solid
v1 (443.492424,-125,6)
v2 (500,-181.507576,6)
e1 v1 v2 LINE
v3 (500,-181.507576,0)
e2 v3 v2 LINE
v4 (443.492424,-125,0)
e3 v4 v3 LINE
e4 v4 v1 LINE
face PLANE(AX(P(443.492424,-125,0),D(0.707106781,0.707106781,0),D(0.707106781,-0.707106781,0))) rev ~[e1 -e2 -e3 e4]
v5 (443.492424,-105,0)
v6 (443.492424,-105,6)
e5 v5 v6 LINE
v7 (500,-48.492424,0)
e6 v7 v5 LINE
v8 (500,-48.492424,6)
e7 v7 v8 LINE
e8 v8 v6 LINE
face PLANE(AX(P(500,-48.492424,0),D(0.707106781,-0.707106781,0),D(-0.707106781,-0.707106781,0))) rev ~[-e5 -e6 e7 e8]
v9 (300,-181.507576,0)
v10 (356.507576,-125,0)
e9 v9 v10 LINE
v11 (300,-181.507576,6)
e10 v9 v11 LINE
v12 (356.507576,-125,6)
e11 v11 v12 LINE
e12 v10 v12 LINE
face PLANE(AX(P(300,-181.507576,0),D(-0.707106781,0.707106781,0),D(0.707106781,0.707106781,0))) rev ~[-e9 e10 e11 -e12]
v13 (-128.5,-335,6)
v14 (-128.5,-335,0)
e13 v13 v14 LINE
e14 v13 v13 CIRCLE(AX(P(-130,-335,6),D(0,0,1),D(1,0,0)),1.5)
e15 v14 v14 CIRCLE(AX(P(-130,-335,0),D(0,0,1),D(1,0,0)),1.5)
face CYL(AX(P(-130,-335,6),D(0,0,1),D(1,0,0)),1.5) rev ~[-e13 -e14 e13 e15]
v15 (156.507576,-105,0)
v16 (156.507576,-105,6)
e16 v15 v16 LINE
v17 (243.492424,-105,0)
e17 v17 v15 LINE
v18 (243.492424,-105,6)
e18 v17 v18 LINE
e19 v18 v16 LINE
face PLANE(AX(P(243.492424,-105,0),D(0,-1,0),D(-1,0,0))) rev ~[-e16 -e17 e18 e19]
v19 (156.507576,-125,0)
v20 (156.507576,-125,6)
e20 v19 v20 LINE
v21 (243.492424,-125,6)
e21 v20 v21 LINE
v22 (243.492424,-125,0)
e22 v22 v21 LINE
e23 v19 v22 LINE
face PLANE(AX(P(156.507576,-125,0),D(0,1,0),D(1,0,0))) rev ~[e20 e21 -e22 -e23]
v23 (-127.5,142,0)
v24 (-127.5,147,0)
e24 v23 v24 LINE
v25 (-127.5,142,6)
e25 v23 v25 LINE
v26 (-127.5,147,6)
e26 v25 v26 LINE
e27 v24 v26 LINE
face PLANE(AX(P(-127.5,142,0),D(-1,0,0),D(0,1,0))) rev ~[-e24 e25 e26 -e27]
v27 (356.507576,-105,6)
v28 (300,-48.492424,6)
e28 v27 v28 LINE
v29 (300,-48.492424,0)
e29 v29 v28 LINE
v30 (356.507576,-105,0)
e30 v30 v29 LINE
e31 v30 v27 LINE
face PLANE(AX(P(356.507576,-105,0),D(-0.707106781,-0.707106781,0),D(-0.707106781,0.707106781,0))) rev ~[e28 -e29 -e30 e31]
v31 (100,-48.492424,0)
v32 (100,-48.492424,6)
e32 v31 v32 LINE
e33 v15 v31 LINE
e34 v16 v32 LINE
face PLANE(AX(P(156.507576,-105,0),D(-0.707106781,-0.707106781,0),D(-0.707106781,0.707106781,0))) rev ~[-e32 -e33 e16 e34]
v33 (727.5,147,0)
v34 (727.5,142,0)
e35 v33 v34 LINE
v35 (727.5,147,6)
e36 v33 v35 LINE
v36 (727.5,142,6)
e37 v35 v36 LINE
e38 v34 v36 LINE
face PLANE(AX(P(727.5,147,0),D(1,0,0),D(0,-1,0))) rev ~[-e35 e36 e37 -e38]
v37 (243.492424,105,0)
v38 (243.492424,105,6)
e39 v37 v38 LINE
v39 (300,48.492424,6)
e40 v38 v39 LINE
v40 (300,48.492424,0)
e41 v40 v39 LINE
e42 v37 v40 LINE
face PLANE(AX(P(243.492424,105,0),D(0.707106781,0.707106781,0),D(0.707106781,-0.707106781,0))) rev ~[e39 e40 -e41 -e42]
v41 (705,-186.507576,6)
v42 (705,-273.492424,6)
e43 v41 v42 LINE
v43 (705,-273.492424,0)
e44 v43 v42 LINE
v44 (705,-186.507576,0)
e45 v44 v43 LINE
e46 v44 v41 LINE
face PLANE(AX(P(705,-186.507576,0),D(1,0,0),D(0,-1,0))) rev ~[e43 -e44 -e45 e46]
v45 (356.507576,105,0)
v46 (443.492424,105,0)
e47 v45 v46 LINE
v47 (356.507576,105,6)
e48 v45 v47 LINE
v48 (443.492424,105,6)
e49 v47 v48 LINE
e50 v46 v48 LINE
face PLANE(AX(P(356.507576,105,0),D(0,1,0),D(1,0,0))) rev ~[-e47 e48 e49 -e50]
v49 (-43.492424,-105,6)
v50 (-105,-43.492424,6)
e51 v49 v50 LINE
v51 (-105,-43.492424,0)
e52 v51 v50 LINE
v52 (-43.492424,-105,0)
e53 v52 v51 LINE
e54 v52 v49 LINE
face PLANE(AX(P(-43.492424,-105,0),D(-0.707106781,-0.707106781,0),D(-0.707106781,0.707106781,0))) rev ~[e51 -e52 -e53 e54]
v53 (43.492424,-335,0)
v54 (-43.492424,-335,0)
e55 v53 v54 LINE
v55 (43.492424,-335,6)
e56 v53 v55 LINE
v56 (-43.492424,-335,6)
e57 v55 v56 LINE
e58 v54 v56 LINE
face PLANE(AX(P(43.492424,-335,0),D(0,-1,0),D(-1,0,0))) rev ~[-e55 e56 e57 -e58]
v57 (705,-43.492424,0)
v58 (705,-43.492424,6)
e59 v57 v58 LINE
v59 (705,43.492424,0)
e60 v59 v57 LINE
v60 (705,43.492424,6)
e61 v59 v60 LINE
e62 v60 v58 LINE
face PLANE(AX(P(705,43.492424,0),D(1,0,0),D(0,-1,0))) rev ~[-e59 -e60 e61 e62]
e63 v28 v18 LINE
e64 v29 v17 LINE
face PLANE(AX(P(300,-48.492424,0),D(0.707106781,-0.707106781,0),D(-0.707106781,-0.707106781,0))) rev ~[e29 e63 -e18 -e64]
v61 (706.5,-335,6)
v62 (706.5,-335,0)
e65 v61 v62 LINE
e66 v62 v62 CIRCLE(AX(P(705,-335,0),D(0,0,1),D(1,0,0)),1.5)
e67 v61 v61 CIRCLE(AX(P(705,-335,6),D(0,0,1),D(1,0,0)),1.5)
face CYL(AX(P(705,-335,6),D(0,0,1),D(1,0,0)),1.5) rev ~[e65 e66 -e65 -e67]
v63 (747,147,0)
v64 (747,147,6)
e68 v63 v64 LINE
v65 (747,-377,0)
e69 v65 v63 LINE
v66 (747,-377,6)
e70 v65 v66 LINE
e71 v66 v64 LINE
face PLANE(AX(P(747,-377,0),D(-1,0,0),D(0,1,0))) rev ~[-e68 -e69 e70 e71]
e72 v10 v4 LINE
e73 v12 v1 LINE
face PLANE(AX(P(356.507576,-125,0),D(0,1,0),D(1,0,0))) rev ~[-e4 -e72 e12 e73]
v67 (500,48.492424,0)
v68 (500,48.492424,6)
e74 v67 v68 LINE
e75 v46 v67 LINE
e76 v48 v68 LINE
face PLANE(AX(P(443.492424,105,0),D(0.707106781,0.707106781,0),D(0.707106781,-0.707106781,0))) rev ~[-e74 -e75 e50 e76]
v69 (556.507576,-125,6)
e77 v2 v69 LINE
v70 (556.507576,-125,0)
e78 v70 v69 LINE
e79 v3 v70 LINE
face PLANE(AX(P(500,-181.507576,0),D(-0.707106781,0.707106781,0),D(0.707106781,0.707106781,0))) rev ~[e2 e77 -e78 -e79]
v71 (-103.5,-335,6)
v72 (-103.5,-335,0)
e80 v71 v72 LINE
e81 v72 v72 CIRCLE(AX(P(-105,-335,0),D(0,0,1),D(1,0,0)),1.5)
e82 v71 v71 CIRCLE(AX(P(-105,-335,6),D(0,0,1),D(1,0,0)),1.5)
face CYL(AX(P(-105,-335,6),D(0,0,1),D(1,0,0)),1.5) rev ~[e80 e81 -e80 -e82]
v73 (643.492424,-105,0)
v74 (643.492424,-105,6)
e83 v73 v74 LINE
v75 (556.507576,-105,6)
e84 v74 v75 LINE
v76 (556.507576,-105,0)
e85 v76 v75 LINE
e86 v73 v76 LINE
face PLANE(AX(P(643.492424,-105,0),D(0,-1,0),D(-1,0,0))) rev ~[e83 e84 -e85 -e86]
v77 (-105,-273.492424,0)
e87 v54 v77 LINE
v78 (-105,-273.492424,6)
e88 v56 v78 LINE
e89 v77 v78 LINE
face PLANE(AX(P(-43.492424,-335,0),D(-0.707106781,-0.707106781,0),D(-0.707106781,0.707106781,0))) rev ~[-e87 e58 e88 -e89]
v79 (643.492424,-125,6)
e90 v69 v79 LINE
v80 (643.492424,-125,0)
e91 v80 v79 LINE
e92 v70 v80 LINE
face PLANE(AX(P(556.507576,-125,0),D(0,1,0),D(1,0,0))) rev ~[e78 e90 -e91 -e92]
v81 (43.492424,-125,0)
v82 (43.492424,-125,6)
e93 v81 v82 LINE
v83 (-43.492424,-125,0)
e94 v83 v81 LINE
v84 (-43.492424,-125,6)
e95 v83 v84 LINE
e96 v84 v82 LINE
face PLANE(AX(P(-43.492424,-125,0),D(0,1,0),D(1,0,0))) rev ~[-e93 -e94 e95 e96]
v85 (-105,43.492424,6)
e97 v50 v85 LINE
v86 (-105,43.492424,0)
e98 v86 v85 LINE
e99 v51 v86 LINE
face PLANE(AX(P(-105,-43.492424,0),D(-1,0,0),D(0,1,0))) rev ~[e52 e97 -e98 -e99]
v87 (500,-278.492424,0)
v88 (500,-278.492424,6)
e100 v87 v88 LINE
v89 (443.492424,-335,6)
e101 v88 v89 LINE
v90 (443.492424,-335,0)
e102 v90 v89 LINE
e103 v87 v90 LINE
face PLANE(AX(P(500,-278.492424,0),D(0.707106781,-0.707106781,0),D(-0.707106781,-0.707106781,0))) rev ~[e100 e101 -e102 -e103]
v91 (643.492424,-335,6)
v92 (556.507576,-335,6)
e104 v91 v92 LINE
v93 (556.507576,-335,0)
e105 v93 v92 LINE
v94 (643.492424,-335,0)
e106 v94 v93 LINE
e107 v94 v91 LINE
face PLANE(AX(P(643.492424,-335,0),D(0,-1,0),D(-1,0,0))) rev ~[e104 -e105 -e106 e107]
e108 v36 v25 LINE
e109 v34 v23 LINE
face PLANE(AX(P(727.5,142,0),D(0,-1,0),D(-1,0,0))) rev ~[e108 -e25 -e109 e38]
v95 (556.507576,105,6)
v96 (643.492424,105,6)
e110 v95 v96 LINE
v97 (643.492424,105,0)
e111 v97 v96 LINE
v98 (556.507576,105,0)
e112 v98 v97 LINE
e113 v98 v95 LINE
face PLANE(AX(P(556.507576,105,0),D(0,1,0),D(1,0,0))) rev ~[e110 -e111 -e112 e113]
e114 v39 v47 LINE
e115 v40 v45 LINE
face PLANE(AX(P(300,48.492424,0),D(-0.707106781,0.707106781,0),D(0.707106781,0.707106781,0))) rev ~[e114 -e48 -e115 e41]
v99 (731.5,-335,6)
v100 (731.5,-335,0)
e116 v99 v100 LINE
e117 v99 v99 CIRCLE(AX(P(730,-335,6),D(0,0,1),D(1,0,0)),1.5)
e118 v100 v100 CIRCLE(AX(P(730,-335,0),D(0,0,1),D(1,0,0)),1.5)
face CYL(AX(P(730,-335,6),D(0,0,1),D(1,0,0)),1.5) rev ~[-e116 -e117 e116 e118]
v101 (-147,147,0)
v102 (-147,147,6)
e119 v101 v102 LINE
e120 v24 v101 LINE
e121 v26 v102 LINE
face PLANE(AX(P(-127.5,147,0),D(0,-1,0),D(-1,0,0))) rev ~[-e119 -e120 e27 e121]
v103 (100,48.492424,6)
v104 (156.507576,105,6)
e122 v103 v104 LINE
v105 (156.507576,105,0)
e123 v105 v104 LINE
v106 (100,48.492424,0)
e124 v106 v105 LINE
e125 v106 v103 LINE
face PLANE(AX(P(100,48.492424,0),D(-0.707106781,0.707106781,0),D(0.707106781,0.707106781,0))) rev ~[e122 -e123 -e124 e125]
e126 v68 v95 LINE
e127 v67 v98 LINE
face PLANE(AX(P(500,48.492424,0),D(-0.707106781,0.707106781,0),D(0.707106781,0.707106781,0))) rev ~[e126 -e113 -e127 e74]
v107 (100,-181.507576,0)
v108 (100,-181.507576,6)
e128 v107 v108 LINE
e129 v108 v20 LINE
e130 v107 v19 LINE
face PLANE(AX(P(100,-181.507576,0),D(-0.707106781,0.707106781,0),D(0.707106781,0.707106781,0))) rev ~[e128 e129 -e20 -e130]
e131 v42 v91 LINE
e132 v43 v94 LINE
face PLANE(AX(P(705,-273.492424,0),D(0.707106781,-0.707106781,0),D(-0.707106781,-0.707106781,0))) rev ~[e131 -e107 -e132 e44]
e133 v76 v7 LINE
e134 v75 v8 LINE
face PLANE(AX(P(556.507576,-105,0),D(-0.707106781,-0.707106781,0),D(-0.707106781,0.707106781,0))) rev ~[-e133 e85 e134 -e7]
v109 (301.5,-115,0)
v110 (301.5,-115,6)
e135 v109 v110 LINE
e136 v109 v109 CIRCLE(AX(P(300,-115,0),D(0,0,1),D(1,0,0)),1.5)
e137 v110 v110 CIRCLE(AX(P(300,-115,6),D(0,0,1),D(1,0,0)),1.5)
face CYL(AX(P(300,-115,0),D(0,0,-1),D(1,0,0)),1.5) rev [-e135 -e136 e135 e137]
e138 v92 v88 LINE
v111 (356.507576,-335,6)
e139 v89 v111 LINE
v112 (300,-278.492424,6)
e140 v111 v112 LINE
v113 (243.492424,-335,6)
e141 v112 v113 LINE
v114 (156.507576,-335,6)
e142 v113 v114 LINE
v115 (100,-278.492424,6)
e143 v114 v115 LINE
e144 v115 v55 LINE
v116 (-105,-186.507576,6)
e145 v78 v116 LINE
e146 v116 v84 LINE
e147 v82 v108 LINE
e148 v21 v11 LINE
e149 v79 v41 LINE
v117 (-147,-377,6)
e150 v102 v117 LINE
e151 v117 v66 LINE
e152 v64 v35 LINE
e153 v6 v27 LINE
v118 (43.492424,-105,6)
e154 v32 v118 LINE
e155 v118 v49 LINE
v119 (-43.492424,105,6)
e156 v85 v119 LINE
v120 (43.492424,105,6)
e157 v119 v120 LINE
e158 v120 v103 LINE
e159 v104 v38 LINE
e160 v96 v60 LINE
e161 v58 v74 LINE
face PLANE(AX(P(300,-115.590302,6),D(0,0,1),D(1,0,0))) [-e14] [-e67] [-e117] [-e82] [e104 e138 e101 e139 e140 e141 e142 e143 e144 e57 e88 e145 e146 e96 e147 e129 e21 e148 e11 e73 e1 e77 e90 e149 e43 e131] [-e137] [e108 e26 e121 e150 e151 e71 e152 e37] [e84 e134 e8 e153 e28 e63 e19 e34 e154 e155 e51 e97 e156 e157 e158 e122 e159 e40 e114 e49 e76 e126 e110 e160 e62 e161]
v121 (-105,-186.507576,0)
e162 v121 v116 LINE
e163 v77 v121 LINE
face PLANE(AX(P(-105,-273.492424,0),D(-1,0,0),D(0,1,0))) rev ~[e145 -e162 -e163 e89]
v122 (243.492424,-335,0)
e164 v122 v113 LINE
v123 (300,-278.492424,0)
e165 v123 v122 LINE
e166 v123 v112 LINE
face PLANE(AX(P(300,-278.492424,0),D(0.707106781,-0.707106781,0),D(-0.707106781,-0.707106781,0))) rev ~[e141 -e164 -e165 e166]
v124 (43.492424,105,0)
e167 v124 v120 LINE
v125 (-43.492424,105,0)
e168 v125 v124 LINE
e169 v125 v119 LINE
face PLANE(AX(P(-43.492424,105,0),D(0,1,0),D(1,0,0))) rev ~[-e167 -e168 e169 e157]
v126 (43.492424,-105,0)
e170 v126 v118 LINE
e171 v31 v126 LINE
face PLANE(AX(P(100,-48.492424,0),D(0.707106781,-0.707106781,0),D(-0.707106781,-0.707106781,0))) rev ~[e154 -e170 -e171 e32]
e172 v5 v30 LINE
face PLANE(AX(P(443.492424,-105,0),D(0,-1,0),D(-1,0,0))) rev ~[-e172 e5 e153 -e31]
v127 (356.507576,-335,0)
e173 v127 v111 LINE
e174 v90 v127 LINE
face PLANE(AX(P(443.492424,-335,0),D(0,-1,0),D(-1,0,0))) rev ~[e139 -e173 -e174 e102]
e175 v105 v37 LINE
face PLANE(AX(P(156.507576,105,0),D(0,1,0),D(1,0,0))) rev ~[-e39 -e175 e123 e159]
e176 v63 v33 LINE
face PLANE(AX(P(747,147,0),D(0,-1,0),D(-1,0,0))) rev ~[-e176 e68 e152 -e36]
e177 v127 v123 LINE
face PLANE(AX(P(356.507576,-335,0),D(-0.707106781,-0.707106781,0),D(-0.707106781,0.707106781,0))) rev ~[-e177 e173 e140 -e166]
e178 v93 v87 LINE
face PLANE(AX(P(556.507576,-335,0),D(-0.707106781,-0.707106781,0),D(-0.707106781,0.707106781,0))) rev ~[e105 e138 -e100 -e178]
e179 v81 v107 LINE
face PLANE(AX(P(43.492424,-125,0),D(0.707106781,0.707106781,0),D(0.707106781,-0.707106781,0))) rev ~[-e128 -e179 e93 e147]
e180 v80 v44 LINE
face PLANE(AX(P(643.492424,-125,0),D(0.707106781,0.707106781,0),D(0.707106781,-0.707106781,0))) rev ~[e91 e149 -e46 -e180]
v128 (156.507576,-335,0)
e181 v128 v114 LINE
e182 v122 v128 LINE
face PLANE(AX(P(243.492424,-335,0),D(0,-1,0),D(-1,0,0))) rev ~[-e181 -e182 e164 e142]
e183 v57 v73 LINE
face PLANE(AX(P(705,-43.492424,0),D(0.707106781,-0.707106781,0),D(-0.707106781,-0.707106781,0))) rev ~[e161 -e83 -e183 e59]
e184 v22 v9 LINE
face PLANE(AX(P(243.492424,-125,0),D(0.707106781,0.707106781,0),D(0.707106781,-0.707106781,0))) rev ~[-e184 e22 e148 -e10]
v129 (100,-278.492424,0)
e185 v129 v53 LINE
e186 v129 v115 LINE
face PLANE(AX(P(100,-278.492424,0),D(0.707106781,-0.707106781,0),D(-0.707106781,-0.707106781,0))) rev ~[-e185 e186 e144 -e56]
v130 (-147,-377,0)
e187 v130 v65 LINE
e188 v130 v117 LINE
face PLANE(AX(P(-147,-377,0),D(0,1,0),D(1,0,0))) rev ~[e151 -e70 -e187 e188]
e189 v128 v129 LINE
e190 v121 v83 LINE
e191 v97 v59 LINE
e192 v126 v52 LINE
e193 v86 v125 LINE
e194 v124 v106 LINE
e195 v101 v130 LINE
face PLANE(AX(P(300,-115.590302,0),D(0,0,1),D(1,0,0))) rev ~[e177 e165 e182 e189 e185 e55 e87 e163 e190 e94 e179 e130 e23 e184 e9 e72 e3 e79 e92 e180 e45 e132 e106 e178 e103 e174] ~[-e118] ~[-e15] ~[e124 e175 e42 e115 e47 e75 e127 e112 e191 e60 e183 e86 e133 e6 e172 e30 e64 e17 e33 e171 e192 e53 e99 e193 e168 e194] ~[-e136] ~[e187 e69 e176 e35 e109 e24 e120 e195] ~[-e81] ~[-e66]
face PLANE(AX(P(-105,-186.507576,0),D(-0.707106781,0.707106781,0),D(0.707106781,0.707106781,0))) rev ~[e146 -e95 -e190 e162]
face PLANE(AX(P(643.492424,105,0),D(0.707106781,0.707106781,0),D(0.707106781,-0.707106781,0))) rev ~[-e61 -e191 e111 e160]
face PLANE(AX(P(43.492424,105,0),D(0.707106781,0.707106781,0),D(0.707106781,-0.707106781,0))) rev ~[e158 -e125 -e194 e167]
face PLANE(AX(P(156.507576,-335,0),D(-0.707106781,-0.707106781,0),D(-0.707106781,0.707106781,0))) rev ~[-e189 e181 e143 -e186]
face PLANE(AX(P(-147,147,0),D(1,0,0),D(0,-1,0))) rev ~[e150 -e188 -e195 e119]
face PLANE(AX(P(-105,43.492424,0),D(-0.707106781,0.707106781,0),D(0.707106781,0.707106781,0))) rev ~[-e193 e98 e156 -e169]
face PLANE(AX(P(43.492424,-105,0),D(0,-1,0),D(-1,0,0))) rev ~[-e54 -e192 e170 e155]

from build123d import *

# Parameters (mm, degrees)
F0_R     = 1.5
F1_DEPTH = 6
F2_R     = 1.5
F3_DEPTH = 25


with BuildPart() as f1:
    # F0 (on Top) → F1 (new body)
    with BuildSketch(Plane.XY):
        Polygon((-127.5, 147), (-147, 147), (-147, -377), (747, -377), (747, 147), (727.5, 147), (727.5, 142), (705, 142), (-105, 142), (-127.5, 142), align=None)
        Polygon((43.492424, -335), (-43.492424, -335), (-105, -273.492424), (-105, -186.507576), (-43.492424, -125), (43.492424, -125), (100, -181.507576), (156.507576, -125), (243.492424, -125), (300, -181.507576), (356.507576, -125), (443.492424, -125), (500, -181.507576), (556.507576, -125), (643.492424, -125), (705, -186.507576), (705, -273.492424), (643.492424, -335), (556.507576, -335), (500, -278.492424), (443.492424, -335), (356.507576, -335), (300, -278.492424), (243.492424, -335), (156.507576, -335), (100, -278.492424), align=None, mode=Mode.SUBTRACT)
        with Locations((300, -115)):
            Circle(F0_R, mode=Mode.SUBTRACT)
        Polygon((43.492424, 105), (100, 48.492424), (156.507576, 105), (243.492424, 105), (300, 48.492424), (356.507576, 105), (443.492424, 105), (500, 48.492424), (556.507576, 105), (643.492424, 105), (705, 43.492424), (705, -43.492424), (643.492424, -105), (556.507576, -105), (500, -48.492424), (443.492424, -105), (356.507576, -105), (300, -48.492424), (243.492424, -105), (156.507576, -105), (100, -48.492424), (43.492424, -105), (-43.492424, -105), (-105, -43.492424), (-105, 43.492424), (-43.492424, 105), align=None, mode=Mode.SUBTRACT)
    extrude(amount=F1_DEPTH)

    # F2 (on face) → F3 (cut)
    with BuildSketch(Plane.XY.offset(6)):
        with Locations((-105, -335)):
            Circle(F2_R)
        with Locations((-130, -335)):
            Circle(F2_R)
        with Locations((705, -335)):
            Circle(F2_R)
        with Locations((730, -335)):
            Circle(F2_R)
    extrude(amount=-F3_DEPTH, mode=Mode.SUBTRACT)


solid = f1.part
